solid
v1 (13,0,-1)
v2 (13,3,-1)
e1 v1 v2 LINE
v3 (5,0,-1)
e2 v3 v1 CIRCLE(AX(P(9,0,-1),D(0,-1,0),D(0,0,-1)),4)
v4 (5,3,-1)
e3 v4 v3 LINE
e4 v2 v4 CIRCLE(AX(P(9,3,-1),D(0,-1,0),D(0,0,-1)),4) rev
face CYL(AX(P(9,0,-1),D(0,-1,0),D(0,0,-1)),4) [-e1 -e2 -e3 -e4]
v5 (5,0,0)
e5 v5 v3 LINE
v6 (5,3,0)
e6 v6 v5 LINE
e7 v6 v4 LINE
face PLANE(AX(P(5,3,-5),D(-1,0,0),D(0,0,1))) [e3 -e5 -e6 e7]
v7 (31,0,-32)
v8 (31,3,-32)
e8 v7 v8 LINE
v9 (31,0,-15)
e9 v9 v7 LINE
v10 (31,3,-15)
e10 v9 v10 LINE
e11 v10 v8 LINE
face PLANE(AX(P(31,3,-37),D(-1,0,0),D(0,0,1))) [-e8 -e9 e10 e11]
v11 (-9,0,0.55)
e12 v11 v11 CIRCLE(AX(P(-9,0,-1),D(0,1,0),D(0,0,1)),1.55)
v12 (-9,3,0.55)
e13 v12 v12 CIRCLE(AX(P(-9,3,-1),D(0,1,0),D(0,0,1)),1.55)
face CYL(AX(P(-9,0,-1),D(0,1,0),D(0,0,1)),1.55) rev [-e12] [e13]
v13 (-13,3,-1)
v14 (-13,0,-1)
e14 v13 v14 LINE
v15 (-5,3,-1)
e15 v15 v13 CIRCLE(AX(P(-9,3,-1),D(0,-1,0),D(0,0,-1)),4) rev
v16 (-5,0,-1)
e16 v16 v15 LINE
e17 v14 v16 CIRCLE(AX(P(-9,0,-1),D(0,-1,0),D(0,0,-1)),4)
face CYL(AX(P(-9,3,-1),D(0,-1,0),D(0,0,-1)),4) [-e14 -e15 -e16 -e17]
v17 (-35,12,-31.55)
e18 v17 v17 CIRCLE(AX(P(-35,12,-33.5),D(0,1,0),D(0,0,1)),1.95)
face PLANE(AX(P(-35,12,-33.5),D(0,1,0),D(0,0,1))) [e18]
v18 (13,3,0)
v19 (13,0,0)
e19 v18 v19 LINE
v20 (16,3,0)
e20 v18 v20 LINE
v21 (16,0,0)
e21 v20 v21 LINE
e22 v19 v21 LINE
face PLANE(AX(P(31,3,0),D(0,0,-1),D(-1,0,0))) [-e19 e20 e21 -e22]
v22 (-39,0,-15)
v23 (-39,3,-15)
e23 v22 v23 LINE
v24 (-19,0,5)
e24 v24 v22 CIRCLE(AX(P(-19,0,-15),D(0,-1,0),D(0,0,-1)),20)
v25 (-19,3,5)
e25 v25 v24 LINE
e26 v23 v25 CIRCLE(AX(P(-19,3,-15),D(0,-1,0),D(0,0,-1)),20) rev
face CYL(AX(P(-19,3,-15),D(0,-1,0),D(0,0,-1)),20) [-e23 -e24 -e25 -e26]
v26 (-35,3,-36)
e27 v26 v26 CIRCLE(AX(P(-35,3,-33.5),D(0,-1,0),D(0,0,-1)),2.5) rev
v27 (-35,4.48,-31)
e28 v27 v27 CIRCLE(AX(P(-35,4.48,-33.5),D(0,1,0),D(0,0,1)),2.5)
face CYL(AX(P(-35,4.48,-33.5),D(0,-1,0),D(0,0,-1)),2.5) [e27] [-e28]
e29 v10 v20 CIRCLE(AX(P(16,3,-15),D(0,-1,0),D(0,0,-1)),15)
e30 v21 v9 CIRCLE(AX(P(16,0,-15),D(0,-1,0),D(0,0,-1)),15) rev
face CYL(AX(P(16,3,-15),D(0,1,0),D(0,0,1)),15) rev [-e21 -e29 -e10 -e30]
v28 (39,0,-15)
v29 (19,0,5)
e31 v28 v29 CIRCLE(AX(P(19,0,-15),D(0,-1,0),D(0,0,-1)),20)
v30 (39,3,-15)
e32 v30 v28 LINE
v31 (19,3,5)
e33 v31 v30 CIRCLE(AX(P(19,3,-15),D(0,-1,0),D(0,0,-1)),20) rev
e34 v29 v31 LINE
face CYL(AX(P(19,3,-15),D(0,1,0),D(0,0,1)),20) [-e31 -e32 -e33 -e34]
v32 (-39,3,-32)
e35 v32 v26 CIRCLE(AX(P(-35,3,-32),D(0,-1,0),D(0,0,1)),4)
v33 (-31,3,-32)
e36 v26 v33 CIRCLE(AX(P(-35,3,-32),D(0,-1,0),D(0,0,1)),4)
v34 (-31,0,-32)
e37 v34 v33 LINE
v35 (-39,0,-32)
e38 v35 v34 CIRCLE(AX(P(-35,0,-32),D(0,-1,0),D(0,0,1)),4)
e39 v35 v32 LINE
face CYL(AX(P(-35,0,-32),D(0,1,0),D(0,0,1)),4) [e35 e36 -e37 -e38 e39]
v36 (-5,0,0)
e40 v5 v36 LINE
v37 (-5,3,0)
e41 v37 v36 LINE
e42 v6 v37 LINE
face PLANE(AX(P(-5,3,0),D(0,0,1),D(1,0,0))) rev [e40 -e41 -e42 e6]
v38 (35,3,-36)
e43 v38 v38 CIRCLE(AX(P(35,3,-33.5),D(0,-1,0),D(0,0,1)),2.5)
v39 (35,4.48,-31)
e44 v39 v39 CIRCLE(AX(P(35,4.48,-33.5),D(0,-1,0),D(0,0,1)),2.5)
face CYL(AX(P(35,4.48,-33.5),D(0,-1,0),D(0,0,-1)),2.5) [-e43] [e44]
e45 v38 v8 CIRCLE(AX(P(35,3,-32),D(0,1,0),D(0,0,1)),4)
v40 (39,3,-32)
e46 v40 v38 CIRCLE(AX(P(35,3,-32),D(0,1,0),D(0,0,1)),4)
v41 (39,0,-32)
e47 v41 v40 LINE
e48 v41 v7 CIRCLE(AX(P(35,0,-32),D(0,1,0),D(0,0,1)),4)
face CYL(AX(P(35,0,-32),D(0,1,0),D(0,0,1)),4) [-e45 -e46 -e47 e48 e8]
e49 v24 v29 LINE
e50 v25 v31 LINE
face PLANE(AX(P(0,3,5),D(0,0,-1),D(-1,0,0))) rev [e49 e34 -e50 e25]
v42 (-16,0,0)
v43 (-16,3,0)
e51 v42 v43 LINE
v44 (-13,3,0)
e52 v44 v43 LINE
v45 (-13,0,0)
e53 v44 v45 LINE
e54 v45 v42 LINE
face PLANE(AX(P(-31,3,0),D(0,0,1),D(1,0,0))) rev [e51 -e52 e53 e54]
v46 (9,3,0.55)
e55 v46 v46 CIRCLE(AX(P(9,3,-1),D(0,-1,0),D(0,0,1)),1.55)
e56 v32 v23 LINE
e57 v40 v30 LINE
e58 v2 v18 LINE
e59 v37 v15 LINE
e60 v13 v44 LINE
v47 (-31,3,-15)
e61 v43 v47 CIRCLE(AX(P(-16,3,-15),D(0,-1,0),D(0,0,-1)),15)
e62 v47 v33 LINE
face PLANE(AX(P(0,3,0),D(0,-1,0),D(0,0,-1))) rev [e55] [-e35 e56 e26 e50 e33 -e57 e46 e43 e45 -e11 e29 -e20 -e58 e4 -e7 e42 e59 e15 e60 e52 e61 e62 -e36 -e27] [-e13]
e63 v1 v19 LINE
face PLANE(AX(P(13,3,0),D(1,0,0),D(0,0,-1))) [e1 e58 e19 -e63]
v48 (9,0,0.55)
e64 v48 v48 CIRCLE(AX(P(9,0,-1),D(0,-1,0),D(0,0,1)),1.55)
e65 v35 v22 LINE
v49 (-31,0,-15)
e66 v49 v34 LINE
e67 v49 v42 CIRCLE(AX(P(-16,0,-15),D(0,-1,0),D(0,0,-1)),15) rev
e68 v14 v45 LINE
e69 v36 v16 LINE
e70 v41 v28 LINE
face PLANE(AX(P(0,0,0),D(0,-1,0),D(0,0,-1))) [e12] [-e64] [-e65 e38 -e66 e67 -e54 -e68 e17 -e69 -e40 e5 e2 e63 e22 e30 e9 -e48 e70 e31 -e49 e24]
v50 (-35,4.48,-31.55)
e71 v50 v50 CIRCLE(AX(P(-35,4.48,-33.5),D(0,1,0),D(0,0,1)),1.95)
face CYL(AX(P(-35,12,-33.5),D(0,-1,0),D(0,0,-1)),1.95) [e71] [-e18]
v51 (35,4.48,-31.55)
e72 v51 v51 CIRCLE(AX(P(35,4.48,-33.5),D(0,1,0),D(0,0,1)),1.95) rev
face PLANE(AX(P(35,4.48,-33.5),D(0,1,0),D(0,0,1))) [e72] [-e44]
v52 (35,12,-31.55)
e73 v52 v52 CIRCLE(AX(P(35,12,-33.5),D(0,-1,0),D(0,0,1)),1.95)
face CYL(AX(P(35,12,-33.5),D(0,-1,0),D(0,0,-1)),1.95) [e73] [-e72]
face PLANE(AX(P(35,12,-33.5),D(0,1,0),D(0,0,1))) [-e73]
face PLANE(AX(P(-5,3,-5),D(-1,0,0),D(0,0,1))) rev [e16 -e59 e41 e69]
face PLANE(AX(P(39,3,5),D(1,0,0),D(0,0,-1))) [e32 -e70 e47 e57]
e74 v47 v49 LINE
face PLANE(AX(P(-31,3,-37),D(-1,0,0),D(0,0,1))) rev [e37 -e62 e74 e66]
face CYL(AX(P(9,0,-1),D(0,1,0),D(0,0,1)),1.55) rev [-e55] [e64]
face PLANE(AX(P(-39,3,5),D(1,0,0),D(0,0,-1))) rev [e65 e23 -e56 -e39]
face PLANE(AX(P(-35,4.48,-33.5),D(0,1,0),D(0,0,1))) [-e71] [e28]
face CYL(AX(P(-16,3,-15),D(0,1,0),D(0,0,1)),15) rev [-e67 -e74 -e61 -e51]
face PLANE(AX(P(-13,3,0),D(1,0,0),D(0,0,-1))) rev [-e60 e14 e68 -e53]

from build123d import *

# Parameters (mm, degrees)
EXTRUDE_1_DEPTH     = 3
SKETCH_2_R          = 1.55
CUT_EXTRUDE_1_DEPTH = 3
SKETCH_3_R          = 1.95
EXTRUDE_2_DEPTH     = 9
FILLET_4_RADIUS     = 4
FILLET_4_LENGTH     = 3
FILLET_5_RADIUS     = 4
FILLET_5_LENGTH     = 3
SKETCH_4_R          = 2.5
EXTRUDE_3_DEPTH     = 1.48
FILLET_6_R          = 15
FILLET_7_R          = 20
CUT_EXTRUDE_2_DEPTH = 55.5068803


with BuildPart() as part:
    # 草图1 → 凸台-拉伸1 (new body)
    with BuildSketch(Plane(origin=(0, 0, 0), x_dir=(1, 0, 0), z_dir=(0, 1, 0))):
        Polygon((-39, 37), (-31, 37), (-31, 0), (-13, 0), (-13, 5), (-5, 5), (-5, 0), (0, 0), (0, -5), (-39, -5), align=None)
    extrude_1 = extrude(amount=EXTRUDE_1_DEPTH)

    # 草图2 → 切除-拉伸1 (cut)
    with BuildSketch(Plane(origin=(0, 3, 0), x_dir=(1, 0, 0), z_dir=(0, 1, 0))):
        with Locations(Location((-9, 1, 0), (0, 0, 270))):
            Circle(SKETCH_2_R)
    cut_extrude_1 = extrude(amount=-CUT_EXTRUDE_1_DEPTH, mode=Mode.SUBTRACT)

    # 草图3 → 凸台-拉伸2 (add)
    with BuildSketch(Plane(origin=(0, 3, 0), x_dir=(1, 0, 0), z_dir=(0, 1, 0))):
        with Locations(Location((-35, 33.5, 0), (0, 0, 90))):
            Circle(SKETCH_3_R)
    extrude_2 = extrude(amount=EXTRUDE_2_DEPTH)

    # 镜向1: 凸台-拉伸1, 切除-拉伸1, 凸台-拉伸2 across plane
    add(extrude_1.mirror(Plane(origin=(0, 3, 0), x_dir=(0, 0, 1), z_dir=(-1, 0, 0))))
    add(cut_extrude_1.mirror(Plane(origin=(0, 3, 0), x_dir=(0, 0, 1), z_dir=(-1, 0, 0))), mode=Mode.SUBTRACT)
    add(extrude_2.mirror(Plane(origin=(0, 3, 0), x_dir=(0, 0, 1), z_dir=(-1, 0, 0))))

    # 圆角4: full round fillet: the end face becomes a half cylinder, R = half its width
    fillet_4_face = Plane((-9, 1.5, -5), x_dir=(0, 1, 0), z_dir=(0, 0, -1))  # on the end face: x along it, z out of the body
    fillet_4_slab = fillet_4_face.offset(-FILLET_4_RADIUS / 2) * Box(FILLET_4_LENGTH, 2 * FILLET_4_RADIUS, FILLET_4_RADIUS, mode=Mode.PRIVATE)  # the body's end, R deep
    fillet_4_round = Plane((-9, 1.5, -1), x_dir=(0, 0, -1), z_dir=(0, 1, 0)) * Cylinder(FILLET_4_RADIUS, FILLET_4_LENGTH, mode=Mode.PRIVATE)  # its axis R under the face
    add(fillet_4_slab - fillet_4_round, mode=Mode.SUBTRACT)

    # 圆角5: full round fillet: the end face becomes a half cylinder, R = half its width
    fillet_5_face = Plane((9, 1.5, -5), x_dir=(0, -1, 0), z_dir=(0, 0, -1))  # on the end face: x along it, z out of the body
    fillet_5_slab = fillet_5_face.offset(-FILLET_5_RADIUS / 2) * Box(FILLET_5_LENGTH, 2 * FILLET_5_RADIUS, FILLET_5_RADIUS, mode=Mode.PRIVATE)  # the body's end, R deep
    fillet_5_round = Plane((9, 1.5, -1), x_dir=(0, 0, -1), z_dir=(0, -1, 0)) * Cylinder(FILLET_5_RADIUS, FILLET_5_LENGTH, mode=Mode.PRIVATE)  # its axis R under the face
    add(fillet_5_slab - fillet_5_round, mode=Mode.SUBTRACT)

    # 草图4 → 凸台-拉伸3 (add)
    with BuildSketch(Plane(origin=(0, 3, 0), x_dir=(1, 0, 0), z_dir=(0, 1, 0))):
        with Locations(Location((-35, 33.5, 0), (0, 0, 90))):
            Circle(SKETCH_4_R)
    extrude_3 = extrude(amount=EXTRUDE_3_DEPTH)

    # 镜向2: 凸台-拉伸3 across plane
    add(extrude_3.mirror(Plane(origin=(0, 0, 0), x_dir=(0, 0, 1), z_dir=(1, 0, 0))))

    # 圆角6
    fillet_6_edges = [part.edges().sort_by_distance(p)[0] for p in [
        (-31, 1.5, 0),
        (31, 1.5, 0),
    ]]
    fillet(fillet_6_edges, radius=FILLET_6_R)

    # 圆角7
    fillet_7_edges = [part.edges().sort_by_distance(p)[0] for p in [
        (-39, 1.5, 5),
        (39, 1.5, 5),
    ]]
    fillet(fillet_7_edges, radius=FILLET_7_R)

    # 草图5 → 切除-拉伸2 (cut, through all)
    with BuildSketch(Plane(origin=(0, 3, 0), x_dir=(1, 0, 0), z_dir=(0, 1, 0))):
        with BuildLine():
            Line((-39, 32), (-39, 37))
            Line((-39, 37), (-31, 37))
            Line((-31, 37), (-31, 32))
            ThreePointArc((-31, 32), (-35, 36), (-39, 32))
        make_face()
    cut_extrude_2 = extrude(amount=-CUT_EXTRUDE_2_DEPTH, mode=Mode.SUBTRACT)

    # 镜向3: 切除-拉伸2 across plane
    add(cut_extrude_2.mirror(Plane(origin=(0, 0, 0), x_dir=(0, 0, 1), z_dir=(1, 0, 0))), mode=Mode.SUBTRACT)


solid = part.part
